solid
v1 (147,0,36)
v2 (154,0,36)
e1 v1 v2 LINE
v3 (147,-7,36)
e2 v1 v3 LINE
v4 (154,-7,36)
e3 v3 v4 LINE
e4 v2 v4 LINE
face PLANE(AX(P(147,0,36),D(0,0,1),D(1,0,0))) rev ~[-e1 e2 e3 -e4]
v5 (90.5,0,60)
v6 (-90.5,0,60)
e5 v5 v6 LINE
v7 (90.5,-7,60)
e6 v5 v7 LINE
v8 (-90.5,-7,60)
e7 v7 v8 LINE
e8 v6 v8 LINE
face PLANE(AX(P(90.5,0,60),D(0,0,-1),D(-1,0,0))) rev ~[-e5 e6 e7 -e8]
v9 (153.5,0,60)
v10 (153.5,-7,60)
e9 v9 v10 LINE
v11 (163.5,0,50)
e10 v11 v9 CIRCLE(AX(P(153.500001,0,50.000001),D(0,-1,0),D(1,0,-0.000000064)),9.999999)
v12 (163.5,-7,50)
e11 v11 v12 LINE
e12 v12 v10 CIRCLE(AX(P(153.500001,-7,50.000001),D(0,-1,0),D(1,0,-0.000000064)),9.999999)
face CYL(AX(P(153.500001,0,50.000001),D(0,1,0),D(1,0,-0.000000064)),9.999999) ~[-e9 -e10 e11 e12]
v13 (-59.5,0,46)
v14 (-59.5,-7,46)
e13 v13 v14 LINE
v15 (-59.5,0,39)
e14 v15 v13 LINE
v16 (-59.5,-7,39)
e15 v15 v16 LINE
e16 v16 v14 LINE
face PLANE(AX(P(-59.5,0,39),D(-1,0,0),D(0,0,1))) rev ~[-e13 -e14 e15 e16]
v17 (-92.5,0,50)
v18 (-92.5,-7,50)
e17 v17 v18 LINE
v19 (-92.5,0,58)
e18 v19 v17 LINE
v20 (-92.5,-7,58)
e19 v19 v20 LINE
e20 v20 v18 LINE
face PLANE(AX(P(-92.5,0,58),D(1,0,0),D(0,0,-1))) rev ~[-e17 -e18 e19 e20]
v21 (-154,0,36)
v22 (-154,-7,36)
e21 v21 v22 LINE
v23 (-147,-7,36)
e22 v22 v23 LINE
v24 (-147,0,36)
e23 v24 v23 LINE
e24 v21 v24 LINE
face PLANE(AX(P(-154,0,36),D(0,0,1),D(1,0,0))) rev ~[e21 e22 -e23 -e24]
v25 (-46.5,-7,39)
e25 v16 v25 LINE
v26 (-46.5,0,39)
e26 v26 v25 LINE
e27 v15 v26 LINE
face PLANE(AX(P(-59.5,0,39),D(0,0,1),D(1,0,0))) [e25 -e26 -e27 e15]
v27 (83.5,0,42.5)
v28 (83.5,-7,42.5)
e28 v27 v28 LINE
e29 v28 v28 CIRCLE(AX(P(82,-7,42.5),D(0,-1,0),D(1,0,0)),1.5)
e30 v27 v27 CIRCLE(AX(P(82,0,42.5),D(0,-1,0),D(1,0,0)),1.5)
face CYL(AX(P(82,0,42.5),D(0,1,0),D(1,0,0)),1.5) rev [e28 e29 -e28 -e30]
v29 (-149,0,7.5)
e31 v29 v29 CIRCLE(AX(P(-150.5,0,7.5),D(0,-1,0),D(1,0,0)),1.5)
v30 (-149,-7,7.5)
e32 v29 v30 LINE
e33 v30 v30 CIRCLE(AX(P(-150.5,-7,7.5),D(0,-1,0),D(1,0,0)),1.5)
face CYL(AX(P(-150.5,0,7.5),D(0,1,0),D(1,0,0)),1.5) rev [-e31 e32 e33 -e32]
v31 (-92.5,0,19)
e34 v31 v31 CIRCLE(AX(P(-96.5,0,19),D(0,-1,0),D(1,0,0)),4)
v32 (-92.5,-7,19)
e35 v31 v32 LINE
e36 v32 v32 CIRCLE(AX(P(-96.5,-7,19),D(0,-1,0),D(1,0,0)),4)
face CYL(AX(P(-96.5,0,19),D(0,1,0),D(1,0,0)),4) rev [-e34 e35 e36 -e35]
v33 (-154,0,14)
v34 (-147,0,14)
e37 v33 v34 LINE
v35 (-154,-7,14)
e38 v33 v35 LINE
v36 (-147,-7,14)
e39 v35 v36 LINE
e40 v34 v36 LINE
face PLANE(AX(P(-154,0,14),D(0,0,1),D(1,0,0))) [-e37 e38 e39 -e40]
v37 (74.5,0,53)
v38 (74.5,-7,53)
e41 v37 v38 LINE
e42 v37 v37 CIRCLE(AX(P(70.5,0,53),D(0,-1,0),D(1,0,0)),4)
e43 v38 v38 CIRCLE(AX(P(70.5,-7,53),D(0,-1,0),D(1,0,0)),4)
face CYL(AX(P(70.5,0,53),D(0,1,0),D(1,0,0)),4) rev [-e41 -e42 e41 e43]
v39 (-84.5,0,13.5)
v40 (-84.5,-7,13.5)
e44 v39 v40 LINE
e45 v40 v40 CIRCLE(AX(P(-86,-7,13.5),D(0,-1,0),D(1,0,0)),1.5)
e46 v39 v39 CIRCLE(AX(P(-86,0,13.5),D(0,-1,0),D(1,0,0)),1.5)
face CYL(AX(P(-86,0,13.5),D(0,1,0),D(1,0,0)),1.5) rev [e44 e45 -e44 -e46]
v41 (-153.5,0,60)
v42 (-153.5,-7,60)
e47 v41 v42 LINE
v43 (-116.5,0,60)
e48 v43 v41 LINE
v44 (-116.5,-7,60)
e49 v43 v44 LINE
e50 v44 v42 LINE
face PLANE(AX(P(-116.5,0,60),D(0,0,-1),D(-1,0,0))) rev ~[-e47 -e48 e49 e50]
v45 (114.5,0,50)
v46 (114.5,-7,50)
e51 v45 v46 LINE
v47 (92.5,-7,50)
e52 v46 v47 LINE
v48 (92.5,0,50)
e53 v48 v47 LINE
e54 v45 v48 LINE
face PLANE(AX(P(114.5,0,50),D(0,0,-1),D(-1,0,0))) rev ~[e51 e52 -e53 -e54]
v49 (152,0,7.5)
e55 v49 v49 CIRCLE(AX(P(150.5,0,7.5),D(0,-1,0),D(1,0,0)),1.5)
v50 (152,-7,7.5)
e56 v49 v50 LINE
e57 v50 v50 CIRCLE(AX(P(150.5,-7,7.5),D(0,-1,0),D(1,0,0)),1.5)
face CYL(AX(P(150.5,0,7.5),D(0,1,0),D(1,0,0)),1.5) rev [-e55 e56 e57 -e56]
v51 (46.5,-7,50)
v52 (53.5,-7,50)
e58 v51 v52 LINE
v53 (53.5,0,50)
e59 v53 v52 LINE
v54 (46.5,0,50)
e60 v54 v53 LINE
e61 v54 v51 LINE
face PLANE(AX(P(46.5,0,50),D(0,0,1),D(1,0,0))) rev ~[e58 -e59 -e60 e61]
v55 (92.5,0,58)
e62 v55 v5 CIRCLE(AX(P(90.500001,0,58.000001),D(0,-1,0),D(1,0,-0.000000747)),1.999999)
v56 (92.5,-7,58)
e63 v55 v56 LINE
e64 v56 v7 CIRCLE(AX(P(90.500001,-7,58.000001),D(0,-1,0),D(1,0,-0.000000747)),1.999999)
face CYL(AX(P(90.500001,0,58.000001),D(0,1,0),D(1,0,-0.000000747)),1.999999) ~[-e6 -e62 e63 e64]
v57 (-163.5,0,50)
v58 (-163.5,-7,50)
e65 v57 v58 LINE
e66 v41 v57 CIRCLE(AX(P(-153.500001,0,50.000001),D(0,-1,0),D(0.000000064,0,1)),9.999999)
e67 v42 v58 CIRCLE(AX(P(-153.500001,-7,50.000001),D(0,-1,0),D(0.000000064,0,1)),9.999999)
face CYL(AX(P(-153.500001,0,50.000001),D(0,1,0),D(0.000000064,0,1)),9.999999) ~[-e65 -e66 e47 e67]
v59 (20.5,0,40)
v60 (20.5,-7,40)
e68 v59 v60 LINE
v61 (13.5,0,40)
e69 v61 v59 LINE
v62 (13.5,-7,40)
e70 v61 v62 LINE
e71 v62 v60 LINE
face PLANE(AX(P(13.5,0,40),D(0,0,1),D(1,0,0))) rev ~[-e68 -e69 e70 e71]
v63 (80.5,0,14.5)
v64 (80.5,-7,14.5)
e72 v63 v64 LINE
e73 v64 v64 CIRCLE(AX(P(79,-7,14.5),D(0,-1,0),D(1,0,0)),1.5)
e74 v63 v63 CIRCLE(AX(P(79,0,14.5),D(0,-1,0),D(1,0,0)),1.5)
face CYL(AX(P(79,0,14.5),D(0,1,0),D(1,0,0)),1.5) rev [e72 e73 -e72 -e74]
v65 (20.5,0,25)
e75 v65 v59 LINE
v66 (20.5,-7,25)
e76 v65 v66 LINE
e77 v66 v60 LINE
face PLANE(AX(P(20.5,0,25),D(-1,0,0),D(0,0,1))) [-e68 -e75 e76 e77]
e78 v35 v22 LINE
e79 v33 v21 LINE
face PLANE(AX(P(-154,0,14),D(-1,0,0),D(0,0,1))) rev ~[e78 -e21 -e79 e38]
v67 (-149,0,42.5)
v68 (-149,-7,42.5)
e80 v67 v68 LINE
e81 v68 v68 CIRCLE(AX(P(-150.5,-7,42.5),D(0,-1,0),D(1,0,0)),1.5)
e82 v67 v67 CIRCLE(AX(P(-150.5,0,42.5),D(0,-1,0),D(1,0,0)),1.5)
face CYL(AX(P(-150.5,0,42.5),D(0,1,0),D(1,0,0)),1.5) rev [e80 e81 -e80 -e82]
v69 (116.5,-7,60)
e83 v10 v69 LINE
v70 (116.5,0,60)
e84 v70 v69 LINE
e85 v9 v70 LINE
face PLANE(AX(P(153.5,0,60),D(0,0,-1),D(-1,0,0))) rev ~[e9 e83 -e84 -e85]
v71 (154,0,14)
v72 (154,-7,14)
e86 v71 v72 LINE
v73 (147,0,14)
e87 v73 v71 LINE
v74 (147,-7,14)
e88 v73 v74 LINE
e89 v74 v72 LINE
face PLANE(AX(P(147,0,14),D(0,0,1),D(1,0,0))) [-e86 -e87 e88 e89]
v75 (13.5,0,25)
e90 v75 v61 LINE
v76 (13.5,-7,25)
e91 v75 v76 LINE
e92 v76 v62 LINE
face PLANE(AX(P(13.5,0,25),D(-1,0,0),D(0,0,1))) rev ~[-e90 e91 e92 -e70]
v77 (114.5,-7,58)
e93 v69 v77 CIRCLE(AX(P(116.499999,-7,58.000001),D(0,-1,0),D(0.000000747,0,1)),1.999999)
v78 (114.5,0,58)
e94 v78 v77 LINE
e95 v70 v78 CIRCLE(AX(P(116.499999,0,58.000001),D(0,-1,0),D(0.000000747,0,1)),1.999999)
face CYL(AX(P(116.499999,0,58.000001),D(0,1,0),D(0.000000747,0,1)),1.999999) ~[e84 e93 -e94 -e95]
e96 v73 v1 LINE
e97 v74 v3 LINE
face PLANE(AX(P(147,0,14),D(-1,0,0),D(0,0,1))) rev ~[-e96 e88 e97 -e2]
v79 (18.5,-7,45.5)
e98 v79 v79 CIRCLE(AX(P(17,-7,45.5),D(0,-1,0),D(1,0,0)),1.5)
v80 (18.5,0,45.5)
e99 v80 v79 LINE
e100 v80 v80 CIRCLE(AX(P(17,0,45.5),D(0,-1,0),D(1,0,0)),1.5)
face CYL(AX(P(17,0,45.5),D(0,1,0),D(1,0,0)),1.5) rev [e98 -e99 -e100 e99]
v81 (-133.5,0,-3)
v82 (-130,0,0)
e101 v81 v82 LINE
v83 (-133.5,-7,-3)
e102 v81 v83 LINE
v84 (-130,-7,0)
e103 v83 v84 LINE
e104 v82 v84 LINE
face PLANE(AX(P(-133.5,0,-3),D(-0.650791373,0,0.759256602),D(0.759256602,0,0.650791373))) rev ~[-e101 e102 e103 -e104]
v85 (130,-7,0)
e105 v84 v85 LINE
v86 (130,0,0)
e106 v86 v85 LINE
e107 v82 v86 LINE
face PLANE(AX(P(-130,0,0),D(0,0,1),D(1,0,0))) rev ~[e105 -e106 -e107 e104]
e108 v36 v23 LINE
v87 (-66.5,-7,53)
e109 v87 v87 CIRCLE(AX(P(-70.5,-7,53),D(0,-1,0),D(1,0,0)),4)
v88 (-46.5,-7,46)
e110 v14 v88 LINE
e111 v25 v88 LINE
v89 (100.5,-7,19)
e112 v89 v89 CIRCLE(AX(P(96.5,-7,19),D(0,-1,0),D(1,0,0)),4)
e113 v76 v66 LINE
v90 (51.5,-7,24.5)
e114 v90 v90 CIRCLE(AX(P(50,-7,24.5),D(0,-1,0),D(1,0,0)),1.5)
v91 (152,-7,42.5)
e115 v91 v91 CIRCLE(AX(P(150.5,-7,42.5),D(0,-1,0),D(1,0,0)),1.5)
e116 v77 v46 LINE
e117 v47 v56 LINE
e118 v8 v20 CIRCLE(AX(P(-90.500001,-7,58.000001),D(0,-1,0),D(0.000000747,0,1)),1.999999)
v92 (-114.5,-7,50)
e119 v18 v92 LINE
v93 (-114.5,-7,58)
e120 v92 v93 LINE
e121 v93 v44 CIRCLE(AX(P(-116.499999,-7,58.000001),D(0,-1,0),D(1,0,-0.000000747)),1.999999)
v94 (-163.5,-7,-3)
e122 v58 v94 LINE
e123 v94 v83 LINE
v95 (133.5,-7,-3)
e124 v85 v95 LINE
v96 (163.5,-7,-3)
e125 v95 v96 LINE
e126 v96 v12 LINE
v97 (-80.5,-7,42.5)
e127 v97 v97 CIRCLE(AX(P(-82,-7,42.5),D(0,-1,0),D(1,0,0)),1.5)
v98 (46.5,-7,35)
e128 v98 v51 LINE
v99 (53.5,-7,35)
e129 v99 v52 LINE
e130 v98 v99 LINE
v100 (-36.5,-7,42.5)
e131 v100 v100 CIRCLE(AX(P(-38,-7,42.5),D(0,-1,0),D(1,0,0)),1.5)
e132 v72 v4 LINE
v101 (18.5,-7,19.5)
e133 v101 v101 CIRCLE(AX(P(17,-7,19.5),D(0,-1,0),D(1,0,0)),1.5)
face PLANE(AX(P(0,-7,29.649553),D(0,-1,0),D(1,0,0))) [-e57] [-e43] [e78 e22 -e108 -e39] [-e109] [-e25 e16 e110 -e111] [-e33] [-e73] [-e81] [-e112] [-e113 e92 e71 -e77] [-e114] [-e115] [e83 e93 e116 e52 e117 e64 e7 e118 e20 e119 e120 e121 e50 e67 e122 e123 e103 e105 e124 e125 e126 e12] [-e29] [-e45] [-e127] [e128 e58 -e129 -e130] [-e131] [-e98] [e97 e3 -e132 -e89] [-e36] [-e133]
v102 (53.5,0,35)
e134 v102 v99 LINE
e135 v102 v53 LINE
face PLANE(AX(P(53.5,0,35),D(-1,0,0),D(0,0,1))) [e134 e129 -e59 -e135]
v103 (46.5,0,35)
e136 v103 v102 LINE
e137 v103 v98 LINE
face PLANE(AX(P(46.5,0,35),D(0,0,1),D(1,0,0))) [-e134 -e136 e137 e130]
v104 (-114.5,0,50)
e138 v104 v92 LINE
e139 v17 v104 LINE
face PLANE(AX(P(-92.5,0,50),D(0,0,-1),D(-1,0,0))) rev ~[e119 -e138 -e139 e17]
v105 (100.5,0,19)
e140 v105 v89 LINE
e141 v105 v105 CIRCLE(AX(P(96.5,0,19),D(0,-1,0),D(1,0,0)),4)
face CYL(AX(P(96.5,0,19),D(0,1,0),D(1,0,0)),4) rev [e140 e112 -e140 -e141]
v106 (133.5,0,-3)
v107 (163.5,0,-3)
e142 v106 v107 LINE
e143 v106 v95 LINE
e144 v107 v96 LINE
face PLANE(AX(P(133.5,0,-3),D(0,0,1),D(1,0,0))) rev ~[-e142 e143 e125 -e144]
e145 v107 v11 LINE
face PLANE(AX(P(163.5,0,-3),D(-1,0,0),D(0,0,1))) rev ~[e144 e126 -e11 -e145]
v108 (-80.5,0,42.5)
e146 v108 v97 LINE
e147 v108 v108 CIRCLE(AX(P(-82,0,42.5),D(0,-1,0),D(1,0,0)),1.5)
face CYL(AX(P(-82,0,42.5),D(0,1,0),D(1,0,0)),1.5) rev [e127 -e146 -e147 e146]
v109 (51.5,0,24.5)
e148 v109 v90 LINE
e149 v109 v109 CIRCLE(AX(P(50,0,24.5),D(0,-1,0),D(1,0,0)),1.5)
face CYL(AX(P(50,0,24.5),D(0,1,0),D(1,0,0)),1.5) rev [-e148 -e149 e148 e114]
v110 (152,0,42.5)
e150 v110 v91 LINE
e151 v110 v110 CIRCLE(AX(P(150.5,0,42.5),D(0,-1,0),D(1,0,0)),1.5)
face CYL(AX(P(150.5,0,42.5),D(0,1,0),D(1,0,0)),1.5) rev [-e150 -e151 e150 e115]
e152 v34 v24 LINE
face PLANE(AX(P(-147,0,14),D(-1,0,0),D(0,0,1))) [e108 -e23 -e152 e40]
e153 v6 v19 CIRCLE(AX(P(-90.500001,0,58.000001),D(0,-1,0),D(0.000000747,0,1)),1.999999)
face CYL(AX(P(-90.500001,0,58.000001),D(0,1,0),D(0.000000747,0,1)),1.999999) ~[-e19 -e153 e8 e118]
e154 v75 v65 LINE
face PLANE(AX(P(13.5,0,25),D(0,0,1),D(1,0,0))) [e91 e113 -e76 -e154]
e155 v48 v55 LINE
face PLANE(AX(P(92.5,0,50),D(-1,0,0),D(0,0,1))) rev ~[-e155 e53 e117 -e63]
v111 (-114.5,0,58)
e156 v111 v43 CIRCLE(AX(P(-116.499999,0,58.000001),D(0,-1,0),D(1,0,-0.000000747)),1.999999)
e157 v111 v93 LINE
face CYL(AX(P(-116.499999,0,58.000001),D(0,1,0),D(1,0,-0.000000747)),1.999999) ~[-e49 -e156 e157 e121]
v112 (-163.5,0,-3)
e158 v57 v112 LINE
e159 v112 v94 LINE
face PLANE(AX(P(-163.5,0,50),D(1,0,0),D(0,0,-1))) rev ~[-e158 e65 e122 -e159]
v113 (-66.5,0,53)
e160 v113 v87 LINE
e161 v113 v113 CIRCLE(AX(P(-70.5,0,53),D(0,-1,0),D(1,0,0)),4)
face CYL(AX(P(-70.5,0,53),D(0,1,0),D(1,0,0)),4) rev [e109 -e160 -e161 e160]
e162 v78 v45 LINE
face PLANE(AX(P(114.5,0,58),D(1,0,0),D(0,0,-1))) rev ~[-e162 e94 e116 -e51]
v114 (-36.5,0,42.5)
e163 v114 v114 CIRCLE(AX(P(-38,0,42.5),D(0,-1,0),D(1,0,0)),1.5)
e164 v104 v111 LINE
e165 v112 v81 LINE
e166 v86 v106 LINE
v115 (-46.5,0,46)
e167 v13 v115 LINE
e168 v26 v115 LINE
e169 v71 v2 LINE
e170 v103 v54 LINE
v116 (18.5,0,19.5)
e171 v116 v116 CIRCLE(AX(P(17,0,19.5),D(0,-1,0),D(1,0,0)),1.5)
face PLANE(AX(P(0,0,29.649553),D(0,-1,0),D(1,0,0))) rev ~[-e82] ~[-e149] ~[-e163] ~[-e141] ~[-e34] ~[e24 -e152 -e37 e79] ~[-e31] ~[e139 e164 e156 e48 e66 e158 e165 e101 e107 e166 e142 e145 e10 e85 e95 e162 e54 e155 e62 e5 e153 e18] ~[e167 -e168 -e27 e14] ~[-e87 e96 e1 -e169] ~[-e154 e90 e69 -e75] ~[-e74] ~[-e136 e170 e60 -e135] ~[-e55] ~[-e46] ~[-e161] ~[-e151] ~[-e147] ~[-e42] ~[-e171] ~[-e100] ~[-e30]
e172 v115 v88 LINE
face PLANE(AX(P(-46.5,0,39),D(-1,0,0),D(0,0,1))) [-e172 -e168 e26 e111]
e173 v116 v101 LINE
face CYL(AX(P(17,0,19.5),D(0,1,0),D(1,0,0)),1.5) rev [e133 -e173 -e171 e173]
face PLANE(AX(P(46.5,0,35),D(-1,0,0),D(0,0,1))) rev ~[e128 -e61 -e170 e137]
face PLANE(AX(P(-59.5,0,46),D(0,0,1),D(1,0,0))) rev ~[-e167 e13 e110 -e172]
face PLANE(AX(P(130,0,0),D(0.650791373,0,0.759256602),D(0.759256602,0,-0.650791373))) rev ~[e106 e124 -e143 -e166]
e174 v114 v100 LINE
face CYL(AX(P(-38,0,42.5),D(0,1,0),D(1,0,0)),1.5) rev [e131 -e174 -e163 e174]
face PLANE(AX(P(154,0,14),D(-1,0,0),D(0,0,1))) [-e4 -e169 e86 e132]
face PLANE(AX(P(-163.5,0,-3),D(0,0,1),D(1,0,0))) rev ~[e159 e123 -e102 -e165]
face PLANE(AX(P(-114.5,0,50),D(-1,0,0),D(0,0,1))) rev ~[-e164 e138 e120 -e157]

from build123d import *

# Parameters (mm, degrees)
F0_R     = 1.5
F0_R_2   = 4
F0_W     = 7
F0_H     = 22
F0_W_2   = 13
F0_H_2   = 7
F0_H_3   = 15
F1_DEPTH = 7


with BuildPart() as f1:
    # F0 (on Front) → F1 (new body)
    with BuildSketch(Plane.XZ):
        with BuildLine():
            Line((-130, 0), (0, 0))
            Line((0, 0), (130, 0))
            Line((130, 0), (133.5, -3))
            Line((133.5, -3), (163.5, -3))
            Line((163.5, -3), (163.5, 50))
            ThreePointArc((163.5, 50), (160.571068, 57.071068), (153.5, 60))
            Line((153.5, 60), (116.5, 60))
            ThreePointArc((116.5, 60), (115.085786, 59.414214), (114.5, 58))
            Line((114.5, 58), (114.5, 50))
            Line((114.5, 50), (92.5, 50))
            Line((92.5, 50), (92.5, 58))
            ThreePointArc((92.5, 58), (91.914214, 59.414214), (90.5, 60))
            Line((90.5, 60), (0, 60))
            Line((0, 60), (-90.5, 60))
            ThreePointArc((-90.5, 60), (-91.914214, 59.414214), (-92.5, 58))
            Line((-92.5, 58), (-92.5, 50))
            Line((-92.5, 50), (-114.5, 50))
            Line((-114.5, 50), (-114.5, 58))
            ThreePointArc((-114.5, 58), (-115.085786, 59.414214), (-116.5, 60))
            Line((-116.5, 60), (-153.5, 60))
            ThreePointArc((-153.5, 60), (-160.571068, 57.071068), (-163.5, 50))
            Line((-163.5, 50), (-163.5, -3))
            Line((-163.5, -3), (-133.5, -3))
            Line((-133.5, -3), (-130, 0))
        make_face()
        with Locations((-150.5, 7.5)):
            Circle(F0_R, mode=Mode.SUBTRACT)
        with Locations((-86, 13.5)):
            Circle(F0_R, mode=Mode.SUBTRACT)
        with Locations((-96.5, 19)):
            Circle(F0_R_2, mode=Mode.SUBTRACT)
        with Locations((-150.5, 25)):
            Rectangle(F0_W, F0_H, mode=Mode.SUBTRACT)
        with Locations((150.5, 7.5)):
            Circle(F0_R, mode=Mode.SUBTRACT)
        with Locations((17, 19.5)):
            Circle(F0_R, mode=Mode.SUBTRACT)
        with Locations((79, 14.5)):
            Circle(F0_R, mode=Mode.SUBTRACT)
        with Locations((50, 24.5)):
            Circle(F0_R, mode=Mode.SUBTRACT)
        with Locations((96.5, 19)):
            Circle(F0_R_2, mode=Mode.SUBTRACT)
        with Locations((150.5, 25)):
            Rectangle(F0_W, F0_H, mode=Mode.SUBTRACT)
        with Locations((-150.5, 42.5)):
            Circle(F0_R, mode=Mode.SUBTRACT)
        with Locations((-82, 42.5)):
            Circle(F0_R, mode=Mode.SUBTRACT)
        with Locations((-53, 42.5)):
            Rectangle(F0_W_2, F0_H_2, mode=Mode.SUBTRACT)
        with Locations((-38, 42.5)):
            Circle(F0_R, mode=Mode.SUBTRACT)
        with Locations((-70.5, 53)):
            Circle(F0_R_2, mode=Mode.SUBTRACT)
        with Locations((17, 32.5)):
            Rectangle(F0_W, F0_H_3, mode=Mode.SUBTRACT)
        with Locations((50, 42.5)):
            Rectangle(F0_W, F0_H_3, mode=Mode.SUBTRACT)
        with Locations((82, 42.5)):
            Circle(F0_R, mode=Mode.SUBTRACT)
        with Locations((150.5, 42.5)):
            Circle(F0_R, mode=Mode.SUBTRACT)
        with Locations((17, 45.5)):
            Circle(F0_R, mode=Mode.SUBTRACT)
        with Locations((70.5, 53)):
            Circle(F0_R_2, mode=Mode.SUBTRACT)
    extrude(amount=F1_DEPTH)


solid = f1.part
